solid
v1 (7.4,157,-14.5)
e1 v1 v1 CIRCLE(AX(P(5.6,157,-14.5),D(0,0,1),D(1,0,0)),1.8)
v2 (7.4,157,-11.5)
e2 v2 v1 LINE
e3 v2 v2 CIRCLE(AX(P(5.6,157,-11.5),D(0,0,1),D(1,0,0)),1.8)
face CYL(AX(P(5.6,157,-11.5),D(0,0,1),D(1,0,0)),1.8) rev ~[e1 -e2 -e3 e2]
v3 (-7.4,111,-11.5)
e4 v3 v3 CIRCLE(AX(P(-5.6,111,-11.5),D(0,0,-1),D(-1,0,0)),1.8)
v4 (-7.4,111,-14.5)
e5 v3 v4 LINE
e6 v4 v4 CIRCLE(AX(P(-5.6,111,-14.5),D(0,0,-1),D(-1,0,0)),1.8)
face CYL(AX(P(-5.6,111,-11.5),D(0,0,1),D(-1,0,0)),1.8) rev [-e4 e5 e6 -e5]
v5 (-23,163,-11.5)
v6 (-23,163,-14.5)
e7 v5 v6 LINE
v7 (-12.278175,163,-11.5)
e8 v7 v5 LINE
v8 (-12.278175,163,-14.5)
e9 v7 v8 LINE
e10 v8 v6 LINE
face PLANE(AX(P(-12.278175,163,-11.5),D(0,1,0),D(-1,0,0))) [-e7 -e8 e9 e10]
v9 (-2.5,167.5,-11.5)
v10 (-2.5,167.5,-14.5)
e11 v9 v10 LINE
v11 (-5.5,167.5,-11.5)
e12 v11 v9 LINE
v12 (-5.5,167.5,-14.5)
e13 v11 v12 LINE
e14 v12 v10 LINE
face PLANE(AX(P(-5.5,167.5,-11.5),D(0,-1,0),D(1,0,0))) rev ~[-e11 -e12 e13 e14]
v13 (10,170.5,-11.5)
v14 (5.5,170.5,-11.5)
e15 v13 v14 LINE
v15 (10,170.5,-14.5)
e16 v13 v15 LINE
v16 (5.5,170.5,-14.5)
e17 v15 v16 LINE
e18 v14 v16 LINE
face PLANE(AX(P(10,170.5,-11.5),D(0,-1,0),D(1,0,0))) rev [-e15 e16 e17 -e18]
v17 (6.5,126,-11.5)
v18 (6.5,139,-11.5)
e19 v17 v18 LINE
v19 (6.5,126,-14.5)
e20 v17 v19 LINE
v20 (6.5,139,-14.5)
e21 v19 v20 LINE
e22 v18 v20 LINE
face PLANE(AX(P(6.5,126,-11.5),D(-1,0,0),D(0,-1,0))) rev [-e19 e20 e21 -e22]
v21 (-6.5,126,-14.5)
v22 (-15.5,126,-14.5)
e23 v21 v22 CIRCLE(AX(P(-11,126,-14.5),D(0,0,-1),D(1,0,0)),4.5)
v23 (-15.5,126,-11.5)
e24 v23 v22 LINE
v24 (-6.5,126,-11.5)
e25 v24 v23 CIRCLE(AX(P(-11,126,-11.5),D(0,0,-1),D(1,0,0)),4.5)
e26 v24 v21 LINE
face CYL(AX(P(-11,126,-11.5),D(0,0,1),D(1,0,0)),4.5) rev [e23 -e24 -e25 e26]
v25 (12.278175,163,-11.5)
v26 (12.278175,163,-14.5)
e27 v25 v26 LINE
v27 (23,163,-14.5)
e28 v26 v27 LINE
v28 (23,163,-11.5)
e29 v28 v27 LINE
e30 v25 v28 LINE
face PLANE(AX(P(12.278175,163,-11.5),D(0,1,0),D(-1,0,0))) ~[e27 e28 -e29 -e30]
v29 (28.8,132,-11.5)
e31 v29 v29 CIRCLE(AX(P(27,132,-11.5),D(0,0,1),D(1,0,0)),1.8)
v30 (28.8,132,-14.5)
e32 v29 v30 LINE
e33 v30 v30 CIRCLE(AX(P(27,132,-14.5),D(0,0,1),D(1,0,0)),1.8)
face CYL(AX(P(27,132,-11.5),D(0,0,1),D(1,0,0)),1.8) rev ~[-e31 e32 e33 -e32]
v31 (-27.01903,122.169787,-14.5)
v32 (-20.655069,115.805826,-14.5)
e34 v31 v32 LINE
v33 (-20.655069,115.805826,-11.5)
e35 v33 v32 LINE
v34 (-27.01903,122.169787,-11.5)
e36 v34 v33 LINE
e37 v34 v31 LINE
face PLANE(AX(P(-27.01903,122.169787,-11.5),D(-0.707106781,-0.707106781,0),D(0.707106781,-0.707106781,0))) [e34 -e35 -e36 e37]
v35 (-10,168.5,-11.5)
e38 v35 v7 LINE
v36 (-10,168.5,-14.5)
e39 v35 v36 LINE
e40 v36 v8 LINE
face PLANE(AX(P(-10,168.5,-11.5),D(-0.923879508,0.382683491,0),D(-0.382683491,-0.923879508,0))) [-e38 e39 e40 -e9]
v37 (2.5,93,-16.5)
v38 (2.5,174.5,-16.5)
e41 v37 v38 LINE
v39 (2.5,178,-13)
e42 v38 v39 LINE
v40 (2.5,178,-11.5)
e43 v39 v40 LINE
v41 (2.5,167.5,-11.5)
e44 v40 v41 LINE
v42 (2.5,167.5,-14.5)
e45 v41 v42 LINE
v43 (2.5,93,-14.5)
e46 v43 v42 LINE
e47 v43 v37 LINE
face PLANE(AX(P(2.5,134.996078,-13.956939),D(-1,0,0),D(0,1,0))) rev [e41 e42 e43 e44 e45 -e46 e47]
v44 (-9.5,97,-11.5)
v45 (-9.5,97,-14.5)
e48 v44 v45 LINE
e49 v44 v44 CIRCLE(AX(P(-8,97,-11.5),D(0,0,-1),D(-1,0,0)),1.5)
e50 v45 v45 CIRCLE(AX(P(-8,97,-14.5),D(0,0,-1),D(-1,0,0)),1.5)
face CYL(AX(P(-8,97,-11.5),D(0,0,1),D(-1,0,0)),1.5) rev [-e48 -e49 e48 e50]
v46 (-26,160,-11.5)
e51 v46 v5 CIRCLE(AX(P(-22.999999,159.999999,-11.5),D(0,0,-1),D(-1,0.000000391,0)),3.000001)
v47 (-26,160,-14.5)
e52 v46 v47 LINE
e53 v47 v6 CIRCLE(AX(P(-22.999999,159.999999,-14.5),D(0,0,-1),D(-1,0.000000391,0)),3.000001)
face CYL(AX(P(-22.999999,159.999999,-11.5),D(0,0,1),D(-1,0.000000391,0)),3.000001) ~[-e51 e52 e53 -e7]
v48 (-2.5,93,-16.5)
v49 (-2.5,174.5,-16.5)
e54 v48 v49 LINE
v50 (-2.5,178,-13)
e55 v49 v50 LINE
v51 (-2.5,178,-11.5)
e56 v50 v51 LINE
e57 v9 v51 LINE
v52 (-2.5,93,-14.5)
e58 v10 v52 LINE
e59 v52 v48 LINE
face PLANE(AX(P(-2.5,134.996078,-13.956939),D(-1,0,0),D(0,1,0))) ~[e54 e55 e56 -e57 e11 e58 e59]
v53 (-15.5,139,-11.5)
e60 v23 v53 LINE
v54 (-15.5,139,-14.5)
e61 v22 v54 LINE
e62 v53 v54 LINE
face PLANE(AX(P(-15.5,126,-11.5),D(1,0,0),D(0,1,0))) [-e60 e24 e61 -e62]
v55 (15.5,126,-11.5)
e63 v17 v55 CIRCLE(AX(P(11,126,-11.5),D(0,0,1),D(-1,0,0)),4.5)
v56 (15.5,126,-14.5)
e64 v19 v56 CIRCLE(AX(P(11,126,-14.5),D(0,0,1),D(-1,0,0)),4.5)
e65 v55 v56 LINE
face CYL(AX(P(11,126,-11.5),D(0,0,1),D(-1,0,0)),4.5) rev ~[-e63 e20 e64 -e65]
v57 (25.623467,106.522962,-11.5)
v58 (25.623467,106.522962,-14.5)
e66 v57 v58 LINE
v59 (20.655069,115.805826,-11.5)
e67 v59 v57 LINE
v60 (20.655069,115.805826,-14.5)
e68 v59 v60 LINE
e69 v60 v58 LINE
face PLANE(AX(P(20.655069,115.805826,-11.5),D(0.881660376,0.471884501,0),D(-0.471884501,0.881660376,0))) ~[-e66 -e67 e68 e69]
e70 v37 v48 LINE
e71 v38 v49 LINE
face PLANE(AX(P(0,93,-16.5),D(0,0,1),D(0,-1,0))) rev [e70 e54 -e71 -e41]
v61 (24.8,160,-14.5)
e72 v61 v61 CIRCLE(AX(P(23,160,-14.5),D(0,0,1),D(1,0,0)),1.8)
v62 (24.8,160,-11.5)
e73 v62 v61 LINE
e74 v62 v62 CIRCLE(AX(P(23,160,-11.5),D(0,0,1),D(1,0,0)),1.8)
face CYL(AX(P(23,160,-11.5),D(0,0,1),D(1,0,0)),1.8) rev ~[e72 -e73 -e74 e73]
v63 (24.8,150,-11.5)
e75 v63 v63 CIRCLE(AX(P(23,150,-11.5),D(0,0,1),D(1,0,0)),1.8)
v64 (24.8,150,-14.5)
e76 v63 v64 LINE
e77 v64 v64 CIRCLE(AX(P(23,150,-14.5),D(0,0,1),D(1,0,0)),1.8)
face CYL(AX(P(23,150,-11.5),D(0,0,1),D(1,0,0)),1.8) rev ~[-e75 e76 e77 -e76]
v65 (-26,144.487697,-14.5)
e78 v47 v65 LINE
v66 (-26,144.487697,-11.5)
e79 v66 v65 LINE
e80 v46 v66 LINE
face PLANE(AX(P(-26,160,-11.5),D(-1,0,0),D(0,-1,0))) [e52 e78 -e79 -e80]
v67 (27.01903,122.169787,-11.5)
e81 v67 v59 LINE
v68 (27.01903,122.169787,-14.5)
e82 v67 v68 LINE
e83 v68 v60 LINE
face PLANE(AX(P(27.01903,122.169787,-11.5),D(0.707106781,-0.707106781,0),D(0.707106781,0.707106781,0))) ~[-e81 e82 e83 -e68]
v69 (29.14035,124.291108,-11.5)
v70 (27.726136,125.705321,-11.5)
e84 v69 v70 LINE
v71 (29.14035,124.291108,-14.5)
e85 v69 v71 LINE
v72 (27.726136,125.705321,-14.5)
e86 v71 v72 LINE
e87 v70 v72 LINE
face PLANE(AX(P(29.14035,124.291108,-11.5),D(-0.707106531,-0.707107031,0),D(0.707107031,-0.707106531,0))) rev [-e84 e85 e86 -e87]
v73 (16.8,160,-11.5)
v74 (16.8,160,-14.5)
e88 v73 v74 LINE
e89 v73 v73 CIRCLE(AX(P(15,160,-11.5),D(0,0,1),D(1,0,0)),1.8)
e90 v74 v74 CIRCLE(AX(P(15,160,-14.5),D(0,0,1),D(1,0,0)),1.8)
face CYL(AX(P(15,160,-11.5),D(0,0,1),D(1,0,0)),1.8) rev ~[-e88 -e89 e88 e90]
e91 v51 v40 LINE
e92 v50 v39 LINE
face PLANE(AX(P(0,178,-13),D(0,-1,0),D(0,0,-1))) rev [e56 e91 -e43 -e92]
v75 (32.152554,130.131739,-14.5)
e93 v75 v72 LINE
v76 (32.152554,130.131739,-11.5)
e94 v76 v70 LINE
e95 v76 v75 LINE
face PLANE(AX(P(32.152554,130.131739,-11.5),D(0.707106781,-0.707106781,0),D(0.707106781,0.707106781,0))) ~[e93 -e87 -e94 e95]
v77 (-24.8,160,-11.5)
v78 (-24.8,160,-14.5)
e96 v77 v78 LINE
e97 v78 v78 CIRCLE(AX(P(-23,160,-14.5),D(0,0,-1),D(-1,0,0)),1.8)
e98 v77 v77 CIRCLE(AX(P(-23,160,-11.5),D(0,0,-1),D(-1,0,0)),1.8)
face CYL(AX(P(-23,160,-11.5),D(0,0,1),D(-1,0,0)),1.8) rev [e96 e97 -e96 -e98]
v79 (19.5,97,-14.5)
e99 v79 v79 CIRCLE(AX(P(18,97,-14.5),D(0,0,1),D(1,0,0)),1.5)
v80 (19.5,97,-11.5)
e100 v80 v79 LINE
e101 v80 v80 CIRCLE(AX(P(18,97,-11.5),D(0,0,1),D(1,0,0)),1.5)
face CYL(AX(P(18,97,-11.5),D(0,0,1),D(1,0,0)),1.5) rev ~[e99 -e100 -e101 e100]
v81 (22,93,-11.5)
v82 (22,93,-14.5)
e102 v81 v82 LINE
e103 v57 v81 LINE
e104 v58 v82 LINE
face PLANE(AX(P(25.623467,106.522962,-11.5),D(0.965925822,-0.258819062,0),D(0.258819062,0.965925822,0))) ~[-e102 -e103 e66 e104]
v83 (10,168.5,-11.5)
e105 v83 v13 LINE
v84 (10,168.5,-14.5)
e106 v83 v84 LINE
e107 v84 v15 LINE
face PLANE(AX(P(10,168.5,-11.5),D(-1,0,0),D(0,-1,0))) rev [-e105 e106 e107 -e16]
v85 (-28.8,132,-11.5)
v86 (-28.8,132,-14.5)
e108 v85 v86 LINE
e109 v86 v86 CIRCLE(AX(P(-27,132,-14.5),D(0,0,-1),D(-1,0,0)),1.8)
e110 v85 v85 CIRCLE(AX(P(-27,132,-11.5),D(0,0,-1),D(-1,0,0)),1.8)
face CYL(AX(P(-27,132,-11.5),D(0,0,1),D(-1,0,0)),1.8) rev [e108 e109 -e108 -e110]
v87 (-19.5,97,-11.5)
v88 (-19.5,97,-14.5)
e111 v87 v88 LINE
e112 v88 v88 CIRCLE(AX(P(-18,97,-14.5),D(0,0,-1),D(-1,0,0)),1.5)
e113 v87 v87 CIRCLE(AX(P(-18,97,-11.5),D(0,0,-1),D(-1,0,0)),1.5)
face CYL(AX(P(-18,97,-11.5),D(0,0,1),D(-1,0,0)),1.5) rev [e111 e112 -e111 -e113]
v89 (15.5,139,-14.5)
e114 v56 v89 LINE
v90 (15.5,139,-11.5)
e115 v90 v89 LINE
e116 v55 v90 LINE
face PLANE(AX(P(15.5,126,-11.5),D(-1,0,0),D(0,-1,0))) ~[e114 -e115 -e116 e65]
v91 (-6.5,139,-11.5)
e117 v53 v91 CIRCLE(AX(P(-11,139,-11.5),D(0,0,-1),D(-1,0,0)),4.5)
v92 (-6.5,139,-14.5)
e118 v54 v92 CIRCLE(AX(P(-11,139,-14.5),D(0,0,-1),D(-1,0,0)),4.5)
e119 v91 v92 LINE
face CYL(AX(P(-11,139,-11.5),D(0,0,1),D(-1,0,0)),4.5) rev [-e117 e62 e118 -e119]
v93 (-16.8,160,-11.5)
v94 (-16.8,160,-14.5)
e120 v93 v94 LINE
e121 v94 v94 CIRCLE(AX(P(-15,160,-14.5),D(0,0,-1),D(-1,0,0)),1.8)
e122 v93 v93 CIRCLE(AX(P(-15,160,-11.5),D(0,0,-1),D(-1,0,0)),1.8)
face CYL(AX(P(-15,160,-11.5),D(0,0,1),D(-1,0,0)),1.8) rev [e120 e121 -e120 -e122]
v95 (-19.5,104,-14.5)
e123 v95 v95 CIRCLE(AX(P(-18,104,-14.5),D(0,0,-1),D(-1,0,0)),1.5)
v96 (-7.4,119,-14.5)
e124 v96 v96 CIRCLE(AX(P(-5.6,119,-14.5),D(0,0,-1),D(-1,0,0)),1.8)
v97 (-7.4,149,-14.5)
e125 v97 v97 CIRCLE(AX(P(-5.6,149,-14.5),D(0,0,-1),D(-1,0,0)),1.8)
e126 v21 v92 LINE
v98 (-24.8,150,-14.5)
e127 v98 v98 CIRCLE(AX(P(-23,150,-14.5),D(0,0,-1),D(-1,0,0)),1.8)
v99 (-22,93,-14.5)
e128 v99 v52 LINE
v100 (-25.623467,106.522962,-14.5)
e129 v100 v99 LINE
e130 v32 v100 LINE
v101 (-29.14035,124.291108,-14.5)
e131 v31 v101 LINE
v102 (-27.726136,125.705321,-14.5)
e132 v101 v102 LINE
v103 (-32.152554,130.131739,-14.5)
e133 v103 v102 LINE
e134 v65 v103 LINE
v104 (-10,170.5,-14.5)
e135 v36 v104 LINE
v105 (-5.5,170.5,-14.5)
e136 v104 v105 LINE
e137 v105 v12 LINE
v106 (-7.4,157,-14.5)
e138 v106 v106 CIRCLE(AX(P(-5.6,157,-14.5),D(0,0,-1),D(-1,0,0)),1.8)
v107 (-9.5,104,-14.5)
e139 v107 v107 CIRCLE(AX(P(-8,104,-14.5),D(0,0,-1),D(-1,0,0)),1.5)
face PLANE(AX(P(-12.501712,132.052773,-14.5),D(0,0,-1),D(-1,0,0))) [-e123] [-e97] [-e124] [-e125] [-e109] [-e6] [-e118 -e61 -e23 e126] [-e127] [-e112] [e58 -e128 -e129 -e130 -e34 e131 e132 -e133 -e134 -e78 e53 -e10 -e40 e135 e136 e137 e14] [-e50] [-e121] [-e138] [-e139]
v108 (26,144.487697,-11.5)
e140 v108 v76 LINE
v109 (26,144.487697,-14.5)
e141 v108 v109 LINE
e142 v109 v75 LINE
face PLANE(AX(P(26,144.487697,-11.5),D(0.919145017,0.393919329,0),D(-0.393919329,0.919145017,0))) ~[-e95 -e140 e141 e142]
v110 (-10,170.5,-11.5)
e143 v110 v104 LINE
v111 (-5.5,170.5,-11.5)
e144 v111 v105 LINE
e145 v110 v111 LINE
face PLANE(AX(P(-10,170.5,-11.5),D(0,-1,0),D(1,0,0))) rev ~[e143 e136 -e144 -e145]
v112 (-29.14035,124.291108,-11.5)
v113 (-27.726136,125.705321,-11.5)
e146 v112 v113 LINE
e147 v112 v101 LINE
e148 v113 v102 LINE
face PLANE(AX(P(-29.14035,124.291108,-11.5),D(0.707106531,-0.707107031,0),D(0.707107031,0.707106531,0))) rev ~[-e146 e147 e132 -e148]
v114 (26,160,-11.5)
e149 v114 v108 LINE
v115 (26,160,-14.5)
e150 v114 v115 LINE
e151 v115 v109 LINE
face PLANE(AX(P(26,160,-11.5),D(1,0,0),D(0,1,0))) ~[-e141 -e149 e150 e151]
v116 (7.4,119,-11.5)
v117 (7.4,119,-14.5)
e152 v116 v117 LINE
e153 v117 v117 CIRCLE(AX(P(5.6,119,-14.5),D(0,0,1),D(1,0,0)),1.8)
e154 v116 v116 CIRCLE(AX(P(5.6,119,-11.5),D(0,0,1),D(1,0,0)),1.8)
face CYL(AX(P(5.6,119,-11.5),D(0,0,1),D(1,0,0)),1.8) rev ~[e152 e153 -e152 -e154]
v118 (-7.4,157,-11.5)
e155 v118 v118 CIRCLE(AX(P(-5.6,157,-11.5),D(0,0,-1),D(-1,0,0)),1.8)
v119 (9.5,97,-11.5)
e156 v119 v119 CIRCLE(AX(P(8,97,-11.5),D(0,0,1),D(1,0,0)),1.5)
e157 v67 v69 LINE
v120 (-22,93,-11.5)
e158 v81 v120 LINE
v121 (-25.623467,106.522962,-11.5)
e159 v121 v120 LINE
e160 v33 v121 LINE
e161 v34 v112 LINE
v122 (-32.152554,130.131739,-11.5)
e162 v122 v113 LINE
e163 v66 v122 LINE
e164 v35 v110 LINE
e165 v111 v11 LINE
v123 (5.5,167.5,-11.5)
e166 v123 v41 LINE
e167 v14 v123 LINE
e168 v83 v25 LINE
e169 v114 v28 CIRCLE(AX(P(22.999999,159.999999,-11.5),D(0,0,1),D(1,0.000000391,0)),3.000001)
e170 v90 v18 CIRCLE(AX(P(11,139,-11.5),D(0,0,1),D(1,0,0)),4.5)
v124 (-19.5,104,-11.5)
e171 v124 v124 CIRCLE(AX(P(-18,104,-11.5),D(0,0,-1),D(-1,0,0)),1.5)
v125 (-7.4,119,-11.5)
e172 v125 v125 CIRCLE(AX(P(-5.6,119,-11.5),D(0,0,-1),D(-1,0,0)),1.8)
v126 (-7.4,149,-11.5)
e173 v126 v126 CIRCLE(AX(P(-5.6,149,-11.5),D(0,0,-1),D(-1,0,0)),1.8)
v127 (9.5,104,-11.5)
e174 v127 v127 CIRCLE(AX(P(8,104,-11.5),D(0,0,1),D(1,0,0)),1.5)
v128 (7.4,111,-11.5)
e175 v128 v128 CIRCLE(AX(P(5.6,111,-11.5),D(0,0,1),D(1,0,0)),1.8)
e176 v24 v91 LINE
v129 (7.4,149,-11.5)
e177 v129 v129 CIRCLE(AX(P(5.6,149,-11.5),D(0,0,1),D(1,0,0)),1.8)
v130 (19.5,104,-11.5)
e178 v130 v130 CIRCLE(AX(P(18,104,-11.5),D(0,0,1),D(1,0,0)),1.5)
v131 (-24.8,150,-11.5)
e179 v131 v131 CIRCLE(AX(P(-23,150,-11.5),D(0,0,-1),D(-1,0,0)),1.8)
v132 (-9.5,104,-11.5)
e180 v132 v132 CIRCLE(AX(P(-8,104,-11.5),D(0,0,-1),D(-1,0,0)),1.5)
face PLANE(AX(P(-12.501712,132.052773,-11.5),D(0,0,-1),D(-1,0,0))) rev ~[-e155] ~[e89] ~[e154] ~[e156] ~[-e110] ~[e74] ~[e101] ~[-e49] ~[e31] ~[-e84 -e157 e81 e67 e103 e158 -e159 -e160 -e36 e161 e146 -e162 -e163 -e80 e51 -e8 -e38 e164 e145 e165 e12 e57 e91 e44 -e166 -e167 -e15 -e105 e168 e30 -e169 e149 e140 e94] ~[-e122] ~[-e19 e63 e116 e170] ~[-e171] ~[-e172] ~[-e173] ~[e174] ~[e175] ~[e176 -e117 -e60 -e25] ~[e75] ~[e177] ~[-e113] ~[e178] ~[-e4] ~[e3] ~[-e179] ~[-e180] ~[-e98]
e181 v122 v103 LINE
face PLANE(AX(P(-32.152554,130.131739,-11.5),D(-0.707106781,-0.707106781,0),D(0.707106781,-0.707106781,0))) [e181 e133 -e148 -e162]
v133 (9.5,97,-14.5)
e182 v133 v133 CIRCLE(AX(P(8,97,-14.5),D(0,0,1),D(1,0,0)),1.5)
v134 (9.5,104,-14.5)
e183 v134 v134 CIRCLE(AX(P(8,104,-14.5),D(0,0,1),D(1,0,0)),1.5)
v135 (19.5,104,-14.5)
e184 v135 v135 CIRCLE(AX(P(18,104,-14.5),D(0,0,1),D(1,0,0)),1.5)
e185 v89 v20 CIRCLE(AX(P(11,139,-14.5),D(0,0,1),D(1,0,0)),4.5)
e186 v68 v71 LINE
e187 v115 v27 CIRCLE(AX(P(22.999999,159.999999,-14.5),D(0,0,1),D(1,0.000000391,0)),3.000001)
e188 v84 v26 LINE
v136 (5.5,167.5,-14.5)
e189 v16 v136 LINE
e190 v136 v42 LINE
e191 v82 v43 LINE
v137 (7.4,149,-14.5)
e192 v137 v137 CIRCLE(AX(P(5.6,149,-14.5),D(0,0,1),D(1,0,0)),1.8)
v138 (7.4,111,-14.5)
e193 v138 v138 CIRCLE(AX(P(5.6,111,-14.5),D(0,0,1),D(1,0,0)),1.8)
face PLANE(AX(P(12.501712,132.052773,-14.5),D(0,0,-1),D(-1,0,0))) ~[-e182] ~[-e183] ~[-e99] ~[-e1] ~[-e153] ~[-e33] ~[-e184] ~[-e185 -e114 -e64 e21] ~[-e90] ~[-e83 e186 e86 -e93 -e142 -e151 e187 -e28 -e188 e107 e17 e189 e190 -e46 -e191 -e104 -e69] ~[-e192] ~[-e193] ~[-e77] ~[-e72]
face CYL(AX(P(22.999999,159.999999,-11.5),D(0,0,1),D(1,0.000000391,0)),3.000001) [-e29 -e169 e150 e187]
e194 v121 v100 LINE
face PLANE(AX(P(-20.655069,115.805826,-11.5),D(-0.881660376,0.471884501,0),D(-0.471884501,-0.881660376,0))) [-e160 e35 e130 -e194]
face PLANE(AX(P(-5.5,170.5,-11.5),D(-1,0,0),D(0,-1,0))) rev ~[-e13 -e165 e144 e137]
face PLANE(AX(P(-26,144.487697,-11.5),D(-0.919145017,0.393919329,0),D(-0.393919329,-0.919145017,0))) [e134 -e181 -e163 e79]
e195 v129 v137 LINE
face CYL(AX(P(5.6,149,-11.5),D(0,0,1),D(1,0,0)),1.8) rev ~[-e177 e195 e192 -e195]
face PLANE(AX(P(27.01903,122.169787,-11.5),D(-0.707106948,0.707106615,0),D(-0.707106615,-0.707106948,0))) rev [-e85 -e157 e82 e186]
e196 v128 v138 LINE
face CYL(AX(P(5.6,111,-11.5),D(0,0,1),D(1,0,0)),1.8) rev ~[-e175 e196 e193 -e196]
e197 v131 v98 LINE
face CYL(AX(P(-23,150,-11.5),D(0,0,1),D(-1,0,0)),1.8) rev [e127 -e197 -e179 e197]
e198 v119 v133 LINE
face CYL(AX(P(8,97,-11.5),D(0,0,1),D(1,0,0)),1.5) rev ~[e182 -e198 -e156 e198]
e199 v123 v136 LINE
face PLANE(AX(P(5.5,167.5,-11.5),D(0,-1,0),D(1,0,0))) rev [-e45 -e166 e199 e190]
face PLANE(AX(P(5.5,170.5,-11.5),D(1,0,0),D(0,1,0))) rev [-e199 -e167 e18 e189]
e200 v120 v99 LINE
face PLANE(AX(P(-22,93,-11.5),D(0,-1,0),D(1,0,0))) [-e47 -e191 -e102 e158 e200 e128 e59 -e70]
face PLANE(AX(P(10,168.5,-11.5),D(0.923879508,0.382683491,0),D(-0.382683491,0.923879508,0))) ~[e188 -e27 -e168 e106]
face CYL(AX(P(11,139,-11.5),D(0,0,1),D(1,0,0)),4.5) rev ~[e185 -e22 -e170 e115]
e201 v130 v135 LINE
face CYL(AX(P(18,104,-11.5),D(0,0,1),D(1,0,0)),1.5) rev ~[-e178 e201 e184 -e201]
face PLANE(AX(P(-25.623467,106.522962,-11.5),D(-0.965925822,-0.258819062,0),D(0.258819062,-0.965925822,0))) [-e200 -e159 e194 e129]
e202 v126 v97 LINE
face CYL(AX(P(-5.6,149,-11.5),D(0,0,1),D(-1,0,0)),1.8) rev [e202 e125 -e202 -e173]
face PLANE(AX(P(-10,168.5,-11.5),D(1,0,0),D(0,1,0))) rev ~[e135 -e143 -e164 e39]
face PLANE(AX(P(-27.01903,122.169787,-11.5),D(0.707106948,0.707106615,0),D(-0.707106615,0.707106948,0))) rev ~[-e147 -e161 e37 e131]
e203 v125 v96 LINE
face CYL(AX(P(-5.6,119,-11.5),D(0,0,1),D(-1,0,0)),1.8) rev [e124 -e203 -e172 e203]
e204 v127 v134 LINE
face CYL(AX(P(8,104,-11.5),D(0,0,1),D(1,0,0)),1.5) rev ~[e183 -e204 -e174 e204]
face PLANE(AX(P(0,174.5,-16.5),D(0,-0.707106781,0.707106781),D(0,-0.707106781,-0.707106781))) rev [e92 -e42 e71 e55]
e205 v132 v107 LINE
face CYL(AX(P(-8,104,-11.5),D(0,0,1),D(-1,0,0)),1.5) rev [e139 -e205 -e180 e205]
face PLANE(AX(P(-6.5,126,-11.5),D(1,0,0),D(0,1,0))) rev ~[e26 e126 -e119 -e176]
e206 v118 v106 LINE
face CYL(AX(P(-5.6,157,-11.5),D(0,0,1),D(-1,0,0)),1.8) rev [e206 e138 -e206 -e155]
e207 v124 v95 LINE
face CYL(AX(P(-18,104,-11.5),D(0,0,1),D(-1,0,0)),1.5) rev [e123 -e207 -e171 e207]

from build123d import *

# Parameters (mm, degrees)
SKETCH218_R     = 1.8
SKETCH218_R_2   = 1.5
PAD127054_DEPTH = 3
PAD127055_DEPTH = 2.5


with BuildPart() as base:
    # Sketch218 → Pad127054 (new body)
    with BuildSketch(Plane(origin=(50, 160, 11.5), x_dir=(1, 0, 0), z_dir=(0, 0, 1))):
        with BuildLine():
            Line((-40, 8.5), (-40, 10.5))
            Line((-40, 10.5), (-43, 10.5))
            Line((-43, 10.5), (-44.5, 10.5))
            Line((-44.5, 10.5), (-44.5, 7.5))
            Line((-44.5, 7.5), (-47.5, 7.5))
            Line((-47.5, 7.5), (-47.5, 10.5))
            Line((-47.5, 10.5), (-50, 10.5))
            Line((-50, -67), (-50, 10.5))
            Line((-28, -67), (-50, -67))
            Line((-24.376533, -53.477038), (-28, -67))
            Line((-29.344931, -44.194174), (-24.376533, -53.477038))
            Line((-22.98097, -37.830213), (-29.344931, -44.194174))
            Line((-22.98097, -37.830213), (-20.85965, -35.708892))
            Line((-20.85965, -35.708892), (-22.273864, -34.294679))
            Line((-17.847446, -29.868261), (-22.273864, -34.294679))
            Line((-24, -15.512303), (-17.847446, -29.868261))
            Line((-24, 0), (-24, -15.512303))
            ThreePointArc((-24, 0), (-24.87868, 2.12132), (-27, 3))
            Line((-37.721825, 3), (-27, 3))
            Line((-40, 8.5), (-37.721825, 3))
        make_face()
        with Locations((-27, 0)):
            Circle(SKETCH218_R, mode=Mode.SUBTRACT)
        with Locations((-27, -10)):
            Circle(SKETCH218_R, mode=Mode.SUBTRACT)
        with Locations((-23, -28)):
            Circle(SKETCH218_R, mode=Mode.SUBTRACT)
        with Locations((-35, 0)):
            Circle(SKETCH218_R, mode=Mode.SUBTRACT)
        with Locations((-32, -63)):
            Circle(SKETCH218_R_2, mode=Mode.SUBTRACT)
        with Locations((-42, -63)):
            Circle(SKETCH218_R_2, mode=Mode.SUBTRACT)
        with Locations((-32, -56)):
            Circle(SKETCH218_R_2, mode=Mode.SUBTRACT)
        with Locations((-42, -56)):
            Circle(SKETCH218_R_2, mode=Mode.SUBTRACT)
        with Locations((-44.4, -49)):
            Circle(SKETCH218_R, mode=Mode.SUBTRACT)
        with Locations((-44.4, -41)):
            Circle(SKETCH218_R, mode=Mode.SUBTRACT)
        with Locations((-44.4, -11)):
            Circle(SKETCH218_R, mode=Mode.SUBTRACT)
        with Locations((-44.4, -3)):
            Circle(SKETCH218_R, mode=Mode.SUBTRACT)
        with BuildLine():
            ThreePointArc((-43.5, -34), (-39, -38.5), (-34.5, -34))
            Line((-34.5, -34), (-34.5, -21))
            ThreePointArc((-34.5, -21), (-39, -16.5), (-43.5, -21))
            Line((-43.5, -34), (-43.5, -21))
        make_face(mode=Mode.SUBTRACT)
    extrude(amount=PAD127054_DEPTH)


with BuildPart() as base_mirror:
    # Part__Mirroring013: instance of Base
    add(base.part.mirror(Plane(origin=(0, 0, 0), x_dir=(0, -1, 0), z_dir=(1, 0, 0))))


with BuildPart() as mainfrontplate:
    # Sketch219 → Pad127055 (new body, symmetric)
    with BuildSketch(Plane(origin=(0, 0, 11.5), x_dir=(0, 1, 0), z_dir=(1, 0, 0))):
        Polygon((93, 0), (93, 5), (174.5, 5), (178, 1.5), (178, 0), align=None)
    extrude(amount=PAD127055_DEPTH, both=True)

    # Fusion004020030: union Base, Base (Mirror)
    add(base.part)
    add(base_mirror.part)


with BuildPart() as part_mirroring017:
    # Part__Mirroring017: instance of MainFrontPlate
    add(mainfrontplate.part.mirror(Plane(origin=(0, 0, 0), x_dir=(0, 1, 0), z_dir=(0, 0, 1))))


solid = part_mirroring017.part
